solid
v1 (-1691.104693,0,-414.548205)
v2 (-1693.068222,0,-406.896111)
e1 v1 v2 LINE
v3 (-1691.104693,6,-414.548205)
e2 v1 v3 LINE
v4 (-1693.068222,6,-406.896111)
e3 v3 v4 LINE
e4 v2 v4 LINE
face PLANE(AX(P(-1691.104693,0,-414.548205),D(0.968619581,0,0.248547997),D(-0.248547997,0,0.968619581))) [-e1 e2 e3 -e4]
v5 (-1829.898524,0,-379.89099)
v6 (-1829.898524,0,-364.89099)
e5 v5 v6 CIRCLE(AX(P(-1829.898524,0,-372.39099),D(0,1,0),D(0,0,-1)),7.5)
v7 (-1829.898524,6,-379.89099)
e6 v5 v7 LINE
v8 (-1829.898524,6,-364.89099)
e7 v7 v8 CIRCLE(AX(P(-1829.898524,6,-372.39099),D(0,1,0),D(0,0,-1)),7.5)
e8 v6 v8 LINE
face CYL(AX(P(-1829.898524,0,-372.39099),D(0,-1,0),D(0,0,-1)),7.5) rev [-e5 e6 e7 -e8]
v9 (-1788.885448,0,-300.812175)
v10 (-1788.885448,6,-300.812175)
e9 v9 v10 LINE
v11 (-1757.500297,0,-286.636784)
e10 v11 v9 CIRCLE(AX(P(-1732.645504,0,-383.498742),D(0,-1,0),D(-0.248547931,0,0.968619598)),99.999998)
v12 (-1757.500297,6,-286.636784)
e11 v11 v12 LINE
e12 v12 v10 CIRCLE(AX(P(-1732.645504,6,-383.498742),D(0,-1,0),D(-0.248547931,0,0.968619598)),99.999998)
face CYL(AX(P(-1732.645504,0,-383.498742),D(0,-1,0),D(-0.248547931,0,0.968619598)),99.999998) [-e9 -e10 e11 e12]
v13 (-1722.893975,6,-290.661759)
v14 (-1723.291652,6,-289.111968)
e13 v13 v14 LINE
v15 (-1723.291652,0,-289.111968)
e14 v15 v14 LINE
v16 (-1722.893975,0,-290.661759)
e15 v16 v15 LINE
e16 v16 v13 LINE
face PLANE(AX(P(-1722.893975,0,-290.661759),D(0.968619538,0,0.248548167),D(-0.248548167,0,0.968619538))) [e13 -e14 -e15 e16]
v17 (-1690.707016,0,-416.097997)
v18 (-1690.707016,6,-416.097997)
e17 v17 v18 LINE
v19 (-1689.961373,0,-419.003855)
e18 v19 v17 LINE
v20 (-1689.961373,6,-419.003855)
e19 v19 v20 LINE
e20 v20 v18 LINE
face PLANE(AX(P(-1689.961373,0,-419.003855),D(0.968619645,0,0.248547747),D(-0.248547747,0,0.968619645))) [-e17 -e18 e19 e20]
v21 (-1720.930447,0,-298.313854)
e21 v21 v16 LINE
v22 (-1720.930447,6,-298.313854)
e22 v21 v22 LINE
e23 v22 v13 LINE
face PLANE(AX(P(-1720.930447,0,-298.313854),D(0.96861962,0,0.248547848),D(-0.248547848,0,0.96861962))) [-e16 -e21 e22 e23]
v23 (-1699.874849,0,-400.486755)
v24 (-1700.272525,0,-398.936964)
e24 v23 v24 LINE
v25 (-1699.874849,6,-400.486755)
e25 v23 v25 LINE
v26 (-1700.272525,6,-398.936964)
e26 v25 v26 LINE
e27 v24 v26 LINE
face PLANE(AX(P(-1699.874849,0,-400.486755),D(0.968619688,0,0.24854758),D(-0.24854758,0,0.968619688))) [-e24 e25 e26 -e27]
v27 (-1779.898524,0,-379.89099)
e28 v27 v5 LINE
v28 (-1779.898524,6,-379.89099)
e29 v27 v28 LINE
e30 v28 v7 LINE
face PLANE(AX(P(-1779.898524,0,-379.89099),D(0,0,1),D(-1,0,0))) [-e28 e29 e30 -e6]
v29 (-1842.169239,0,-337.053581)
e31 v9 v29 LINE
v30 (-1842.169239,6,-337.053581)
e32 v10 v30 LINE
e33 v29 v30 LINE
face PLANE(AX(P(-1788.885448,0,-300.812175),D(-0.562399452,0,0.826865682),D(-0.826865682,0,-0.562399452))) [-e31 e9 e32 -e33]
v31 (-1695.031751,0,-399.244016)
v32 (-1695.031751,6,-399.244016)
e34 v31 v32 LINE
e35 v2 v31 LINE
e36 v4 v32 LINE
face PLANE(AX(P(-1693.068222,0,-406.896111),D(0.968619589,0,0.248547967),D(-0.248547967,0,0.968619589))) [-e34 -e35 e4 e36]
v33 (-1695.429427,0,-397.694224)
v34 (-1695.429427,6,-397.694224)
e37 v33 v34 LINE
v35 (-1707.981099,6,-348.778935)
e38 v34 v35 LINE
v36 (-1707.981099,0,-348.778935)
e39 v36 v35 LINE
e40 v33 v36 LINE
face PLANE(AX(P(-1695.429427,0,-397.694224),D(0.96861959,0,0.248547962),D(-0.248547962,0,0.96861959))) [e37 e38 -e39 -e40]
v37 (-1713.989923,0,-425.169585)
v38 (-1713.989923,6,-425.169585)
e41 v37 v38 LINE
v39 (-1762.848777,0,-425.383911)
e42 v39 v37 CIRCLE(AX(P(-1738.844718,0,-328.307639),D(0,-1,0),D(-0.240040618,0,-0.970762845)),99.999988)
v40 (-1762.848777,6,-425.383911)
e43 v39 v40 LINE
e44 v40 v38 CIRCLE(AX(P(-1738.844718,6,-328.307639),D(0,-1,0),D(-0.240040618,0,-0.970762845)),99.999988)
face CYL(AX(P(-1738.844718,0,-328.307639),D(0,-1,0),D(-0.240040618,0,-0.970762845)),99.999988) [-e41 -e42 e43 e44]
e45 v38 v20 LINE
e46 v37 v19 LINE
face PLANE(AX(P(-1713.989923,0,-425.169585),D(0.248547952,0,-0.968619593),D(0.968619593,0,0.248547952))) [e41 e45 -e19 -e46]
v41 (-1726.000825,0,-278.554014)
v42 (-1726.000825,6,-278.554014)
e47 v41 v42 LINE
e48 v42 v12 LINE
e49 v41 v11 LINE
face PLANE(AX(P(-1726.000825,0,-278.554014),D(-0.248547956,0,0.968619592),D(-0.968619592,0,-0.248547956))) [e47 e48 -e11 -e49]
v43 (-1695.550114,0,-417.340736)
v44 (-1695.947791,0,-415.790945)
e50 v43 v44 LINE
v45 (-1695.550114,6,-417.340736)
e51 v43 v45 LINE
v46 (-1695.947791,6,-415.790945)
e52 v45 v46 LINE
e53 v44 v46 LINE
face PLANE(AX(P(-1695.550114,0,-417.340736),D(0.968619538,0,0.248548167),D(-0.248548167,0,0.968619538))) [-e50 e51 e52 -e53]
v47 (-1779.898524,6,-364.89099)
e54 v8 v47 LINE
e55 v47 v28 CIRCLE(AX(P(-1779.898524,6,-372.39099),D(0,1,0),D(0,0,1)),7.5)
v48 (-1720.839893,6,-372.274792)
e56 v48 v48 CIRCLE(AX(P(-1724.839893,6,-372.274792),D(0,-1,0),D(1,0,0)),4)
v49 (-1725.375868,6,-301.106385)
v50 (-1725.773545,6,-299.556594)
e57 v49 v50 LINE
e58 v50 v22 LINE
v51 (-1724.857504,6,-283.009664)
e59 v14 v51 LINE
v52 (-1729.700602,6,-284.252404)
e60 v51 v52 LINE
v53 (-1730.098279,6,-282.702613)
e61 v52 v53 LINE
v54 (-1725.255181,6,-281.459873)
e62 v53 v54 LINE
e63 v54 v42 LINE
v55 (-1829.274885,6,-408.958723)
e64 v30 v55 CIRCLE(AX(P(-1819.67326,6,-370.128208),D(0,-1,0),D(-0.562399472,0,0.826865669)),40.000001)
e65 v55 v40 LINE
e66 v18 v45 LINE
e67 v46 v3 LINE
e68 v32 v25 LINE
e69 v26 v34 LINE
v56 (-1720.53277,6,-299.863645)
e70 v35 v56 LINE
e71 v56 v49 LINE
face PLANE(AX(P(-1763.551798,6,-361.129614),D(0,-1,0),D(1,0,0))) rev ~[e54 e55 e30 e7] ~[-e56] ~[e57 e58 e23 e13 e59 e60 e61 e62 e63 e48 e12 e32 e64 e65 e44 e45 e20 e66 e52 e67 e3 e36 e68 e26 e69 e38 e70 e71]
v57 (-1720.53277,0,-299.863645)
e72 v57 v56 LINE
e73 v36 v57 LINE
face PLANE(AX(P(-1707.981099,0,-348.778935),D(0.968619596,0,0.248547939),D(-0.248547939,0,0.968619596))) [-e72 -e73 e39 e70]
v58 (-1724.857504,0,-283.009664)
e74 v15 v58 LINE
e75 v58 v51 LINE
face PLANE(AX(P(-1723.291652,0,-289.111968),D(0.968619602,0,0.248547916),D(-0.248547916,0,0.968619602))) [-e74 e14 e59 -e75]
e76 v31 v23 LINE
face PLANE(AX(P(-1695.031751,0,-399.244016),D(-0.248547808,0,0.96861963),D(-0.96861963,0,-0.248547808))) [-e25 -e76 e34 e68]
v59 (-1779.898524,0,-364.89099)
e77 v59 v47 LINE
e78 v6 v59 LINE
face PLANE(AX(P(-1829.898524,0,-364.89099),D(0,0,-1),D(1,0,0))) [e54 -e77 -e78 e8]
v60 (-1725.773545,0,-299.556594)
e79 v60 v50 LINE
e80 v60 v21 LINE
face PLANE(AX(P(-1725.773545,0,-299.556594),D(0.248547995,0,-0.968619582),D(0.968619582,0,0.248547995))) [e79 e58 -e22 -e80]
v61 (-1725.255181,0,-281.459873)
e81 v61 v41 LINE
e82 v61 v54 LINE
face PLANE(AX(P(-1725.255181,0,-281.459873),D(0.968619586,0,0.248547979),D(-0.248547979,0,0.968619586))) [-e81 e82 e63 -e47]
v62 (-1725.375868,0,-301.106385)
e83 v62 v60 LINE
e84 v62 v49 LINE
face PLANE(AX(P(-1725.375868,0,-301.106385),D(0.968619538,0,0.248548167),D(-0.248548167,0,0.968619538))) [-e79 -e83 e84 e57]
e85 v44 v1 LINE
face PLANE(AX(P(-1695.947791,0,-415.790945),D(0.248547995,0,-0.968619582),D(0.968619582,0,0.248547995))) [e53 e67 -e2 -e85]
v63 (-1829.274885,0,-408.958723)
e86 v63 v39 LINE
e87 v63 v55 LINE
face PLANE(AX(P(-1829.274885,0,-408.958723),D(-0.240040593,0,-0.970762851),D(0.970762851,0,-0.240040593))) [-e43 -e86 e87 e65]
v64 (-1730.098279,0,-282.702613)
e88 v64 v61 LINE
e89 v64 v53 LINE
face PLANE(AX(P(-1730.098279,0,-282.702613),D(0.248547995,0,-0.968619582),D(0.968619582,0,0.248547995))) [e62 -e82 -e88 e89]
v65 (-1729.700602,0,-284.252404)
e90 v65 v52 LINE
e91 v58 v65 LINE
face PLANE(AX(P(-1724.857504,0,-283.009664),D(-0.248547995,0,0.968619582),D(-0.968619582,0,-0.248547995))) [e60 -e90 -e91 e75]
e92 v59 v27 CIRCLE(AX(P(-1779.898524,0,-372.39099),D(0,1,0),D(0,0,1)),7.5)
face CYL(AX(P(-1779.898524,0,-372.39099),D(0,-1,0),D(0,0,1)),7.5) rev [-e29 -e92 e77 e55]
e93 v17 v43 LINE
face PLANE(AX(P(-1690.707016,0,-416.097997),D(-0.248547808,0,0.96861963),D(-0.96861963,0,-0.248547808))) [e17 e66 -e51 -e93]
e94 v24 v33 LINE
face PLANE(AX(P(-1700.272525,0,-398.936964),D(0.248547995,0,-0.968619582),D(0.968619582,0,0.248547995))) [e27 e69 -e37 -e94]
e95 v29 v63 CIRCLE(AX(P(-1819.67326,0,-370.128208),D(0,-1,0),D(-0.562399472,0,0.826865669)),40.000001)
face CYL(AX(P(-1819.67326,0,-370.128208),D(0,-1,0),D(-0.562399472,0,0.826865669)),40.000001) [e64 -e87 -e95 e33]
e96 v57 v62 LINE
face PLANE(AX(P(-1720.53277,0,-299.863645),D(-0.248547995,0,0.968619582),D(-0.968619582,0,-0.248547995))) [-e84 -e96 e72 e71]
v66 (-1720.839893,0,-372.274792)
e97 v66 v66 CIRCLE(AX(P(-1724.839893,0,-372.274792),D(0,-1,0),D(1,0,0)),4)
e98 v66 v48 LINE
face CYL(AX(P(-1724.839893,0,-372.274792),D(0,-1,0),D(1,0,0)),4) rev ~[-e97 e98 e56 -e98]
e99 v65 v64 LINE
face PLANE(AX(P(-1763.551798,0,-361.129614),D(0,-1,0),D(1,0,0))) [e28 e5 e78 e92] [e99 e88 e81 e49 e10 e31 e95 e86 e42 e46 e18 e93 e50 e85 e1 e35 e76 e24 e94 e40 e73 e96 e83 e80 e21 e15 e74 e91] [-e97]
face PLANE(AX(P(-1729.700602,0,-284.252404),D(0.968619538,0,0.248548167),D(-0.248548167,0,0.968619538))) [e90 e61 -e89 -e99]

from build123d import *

# Parameters (mm, degrees)
F0_R     = 4
F1_DEPTH = 6


with BuildPart() as f1:
    # F0 (on Front) → F1 (new body)
    with BuildSketch(Plane.XZ):
        with BuildLine():
            Line((-1720.930447, -298.313854), (-1722.893975, -290.661759))
            Line((-1722.893975, -290.661759), (-1723.291652, -289.111968))
            Line((-1723.291652, -289.111968), (-1724.857504, -283.009664))
            Line((-1724.857504, -283.009664), (-1729.700602, -284.252404))
            Line((-1729.700602, -284.252404), (-1730.098279, -282.702613))
            Line((-1730.098279, -282.702613), (-1725.255181, -281.459873))
            Line((-1725.255181, -281.459873), (-1726.000825, -278.554014))
            Line((-1726.000825, -278.554014), (-1757.500297, -286.636784))
            ThreePointArc((-1757.500297, -286.636784), (-1773.807677, -292.363265), (-1788.885448, -300.812175))
            Line((-1788.885448, -300.812175), (-1842.169239, -337.053581))
            ThreePointArc((-1842.169239, -337.053581), (-1859.045222, -377.188566), (-1829.274885, -408.958723))
            Line((-1829.274885, -408.958723), (-1762.848777, -425.383911))
            ThreePointArc((-1762.848777, -425.383911), (-1738.406059, -428.306664), (-1713.989923, -425.169585))
            Line((-1713.989923, -425.169585), (-1689.961373, -419.003855))
            Line((-1689.961373, -419.003855), (-1690.707016, -416.097997))
            Line((-1690.707016, -416.097997), (-1695.550114, -417.340736))
            Line((-1695.550114, -417.340736), (-1695.947791, -415.790945))
            Line((-1695.947791, -415.790945), (-1691.104693, -414.548205))
            Line((-1691.104693, -414.548205), (-1693.068222, -406.896111))
            Line((-1693.068222, -406.896111), (-1695.031751, -399.244016))
            Line((-1695.031751, -399.244016), (-1699.874849, -400.486755))
            Line((-1699.874849, -400.486755), (-1700.272525, -398.936964))
            Line((-1700.272525, -398.936964), (-1695.429427, -397.694224))
            Line((-1695.429427, -397.694224), (-1707.981099, -348.778935))
            Line((-1707.981099, -348.778935), (-1720.53277, -299.863645))
            Line((-1720.53277, -299.863645), (-1725.375868, -301.106385))
            Line((-1725.375868, -301.106385), (-1725.773545, -299.556594))
            Line((-1725.773545, -299.556594), (-1720.930447, -298.313854))
        make_face()
        with BuildLine():
            ThreePointArc((-1829.898524, -379.89099), (-1837.398524, -372.39099), (-1829.898524, -364.89099))
            Line((-1829.898524, -364.89099), (-1779.898524, -364.89099))
            ThreePointArc((-1779.898524, -364.89099), (-1772.398524, -372.39099), (-1779.898524, -379.89099))
            Line((-1779.898524, -379.89099), (-1829.898524, -379.89099))
        make_face(mode=Mode.SUBTRACT)
        with Locations((-1724.839893, -372.274792)):
            Circle(F0_R, mode=Mode.SUBTRACT)
    extrude(amount=-F1_DEPTH)


solid = f1.part
